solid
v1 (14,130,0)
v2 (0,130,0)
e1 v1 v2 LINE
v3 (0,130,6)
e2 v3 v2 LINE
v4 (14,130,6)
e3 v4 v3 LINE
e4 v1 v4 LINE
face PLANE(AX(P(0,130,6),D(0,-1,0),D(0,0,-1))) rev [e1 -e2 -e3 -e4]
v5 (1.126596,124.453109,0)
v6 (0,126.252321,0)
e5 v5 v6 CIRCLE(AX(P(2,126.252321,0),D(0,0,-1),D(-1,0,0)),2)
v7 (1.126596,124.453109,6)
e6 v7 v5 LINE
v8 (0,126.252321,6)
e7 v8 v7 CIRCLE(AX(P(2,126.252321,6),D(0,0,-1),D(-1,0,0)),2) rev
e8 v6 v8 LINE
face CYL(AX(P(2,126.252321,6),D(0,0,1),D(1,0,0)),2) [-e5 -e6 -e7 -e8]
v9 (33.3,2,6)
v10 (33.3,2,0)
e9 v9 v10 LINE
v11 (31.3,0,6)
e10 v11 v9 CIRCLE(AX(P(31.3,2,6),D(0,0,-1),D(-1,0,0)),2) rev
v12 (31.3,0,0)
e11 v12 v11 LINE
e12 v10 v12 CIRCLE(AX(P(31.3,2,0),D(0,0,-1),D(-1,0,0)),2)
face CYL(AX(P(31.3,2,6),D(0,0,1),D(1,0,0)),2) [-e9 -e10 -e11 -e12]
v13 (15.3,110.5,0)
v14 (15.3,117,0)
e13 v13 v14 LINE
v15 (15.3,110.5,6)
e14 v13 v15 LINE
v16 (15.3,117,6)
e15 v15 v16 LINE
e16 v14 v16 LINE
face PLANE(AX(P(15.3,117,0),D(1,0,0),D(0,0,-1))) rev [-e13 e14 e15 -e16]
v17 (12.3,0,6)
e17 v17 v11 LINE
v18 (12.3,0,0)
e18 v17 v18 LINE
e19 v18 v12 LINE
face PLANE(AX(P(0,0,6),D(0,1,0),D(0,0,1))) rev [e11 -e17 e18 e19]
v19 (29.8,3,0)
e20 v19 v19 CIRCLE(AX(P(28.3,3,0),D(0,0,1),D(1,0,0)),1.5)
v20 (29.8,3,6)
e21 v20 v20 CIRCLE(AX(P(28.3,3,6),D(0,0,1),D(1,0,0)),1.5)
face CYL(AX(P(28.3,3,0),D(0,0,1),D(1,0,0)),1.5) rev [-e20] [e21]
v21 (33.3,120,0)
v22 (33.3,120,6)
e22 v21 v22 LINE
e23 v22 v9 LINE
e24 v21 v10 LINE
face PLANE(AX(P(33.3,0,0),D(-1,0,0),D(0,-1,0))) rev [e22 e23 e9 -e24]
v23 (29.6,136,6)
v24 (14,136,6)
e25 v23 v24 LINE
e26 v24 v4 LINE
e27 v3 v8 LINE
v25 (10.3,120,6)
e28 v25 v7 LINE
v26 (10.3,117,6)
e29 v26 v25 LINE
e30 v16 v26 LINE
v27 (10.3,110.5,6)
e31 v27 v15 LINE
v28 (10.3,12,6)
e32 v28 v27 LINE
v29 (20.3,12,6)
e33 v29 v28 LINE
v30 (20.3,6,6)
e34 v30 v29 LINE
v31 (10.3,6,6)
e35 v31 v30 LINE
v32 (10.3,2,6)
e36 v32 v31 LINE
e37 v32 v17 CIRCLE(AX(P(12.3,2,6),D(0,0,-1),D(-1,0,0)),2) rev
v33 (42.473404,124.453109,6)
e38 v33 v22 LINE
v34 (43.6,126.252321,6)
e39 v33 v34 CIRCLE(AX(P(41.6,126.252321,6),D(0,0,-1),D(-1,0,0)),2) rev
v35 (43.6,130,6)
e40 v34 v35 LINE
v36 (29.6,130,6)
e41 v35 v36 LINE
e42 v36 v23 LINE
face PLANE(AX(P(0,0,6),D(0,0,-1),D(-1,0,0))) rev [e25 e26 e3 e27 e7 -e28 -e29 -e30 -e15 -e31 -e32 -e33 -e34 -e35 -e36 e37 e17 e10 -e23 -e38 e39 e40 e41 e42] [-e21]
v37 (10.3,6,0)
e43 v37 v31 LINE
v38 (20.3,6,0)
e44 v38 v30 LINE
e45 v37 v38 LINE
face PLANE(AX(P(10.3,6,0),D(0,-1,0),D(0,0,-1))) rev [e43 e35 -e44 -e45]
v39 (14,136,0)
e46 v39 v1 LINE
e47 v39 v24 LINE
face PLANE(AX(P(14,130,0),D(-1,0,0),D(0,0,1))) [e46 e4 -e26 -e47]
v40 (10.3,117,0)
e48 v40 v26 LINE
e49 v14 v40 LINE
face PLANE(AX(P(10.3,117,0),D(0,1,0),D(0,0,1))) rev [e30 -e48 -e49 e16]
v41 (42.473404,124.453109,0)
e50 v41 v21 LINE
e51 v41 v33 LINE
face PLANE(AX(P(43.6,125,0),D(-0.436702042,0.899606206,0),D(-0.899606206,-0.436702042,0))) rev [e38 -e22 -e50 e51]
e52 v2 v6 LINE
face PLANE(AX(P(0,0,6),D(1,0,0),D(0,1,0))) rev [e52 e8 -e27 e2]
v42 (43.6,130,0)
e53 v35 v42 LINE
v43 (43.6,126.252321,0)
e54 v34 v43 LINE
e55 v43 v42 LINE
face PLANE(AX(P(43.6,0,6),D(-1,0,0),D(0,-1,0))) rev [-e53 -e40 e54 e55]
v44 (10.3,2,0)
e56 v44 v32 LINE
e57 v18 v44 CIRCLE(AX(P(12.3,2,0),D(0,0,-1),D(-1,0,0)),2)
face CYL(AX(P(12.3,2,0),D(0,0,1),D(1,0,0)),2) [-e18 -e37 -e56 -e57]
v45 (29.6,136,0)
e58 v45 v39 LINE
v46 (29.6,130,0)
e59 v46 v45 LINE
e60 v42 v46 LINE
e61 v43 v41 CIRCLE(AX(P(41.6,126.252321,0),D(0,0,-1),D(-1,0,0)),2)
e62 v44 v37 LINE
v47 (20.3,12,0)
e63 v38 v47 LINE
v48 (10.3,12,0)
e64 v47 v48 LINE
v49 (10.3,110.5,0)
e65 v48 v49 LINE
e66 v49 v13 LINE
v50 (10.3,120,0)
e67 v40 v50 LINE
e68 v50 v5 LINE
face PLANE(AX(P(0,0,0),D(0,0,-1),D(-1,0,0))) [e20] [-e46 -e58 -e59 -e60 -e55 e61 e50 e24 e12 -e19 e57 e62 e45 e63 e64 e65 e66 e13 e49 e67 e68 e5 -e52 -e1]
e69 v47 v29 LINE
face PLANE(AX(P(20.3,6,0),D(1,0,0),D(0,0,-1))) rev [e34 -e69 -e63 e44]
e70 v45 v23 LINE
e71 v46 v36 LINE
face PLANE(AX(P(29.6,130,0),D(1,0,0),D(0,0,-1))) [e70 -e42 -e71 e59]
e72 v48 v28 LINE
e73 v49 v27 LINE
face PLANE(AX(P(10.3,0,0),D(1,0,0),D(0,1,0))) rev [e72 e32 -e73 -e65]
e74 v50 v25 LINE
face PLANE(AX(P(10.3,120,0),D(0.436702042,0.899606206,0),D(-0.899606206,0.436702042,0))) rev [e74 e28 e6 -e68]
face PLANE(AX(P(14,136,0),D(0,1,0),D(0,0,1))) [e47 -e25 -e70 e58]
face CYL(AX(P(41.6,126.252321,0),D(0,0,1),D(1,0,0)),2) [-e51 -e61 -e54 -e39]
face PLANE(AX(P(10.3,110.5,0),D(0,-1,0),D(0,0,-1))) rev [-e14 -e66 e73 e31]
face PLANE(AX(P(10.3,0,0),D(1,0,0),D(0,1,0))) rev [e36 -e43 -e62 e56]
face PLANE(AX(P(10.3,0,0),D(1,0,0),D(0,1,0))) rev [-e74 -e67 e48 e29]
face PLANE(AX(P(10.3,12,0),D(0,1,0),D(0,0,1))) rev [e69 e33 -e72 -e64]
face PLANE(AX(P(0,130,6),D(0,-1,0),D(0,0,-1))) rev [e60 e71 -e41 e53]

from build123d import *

# Parameters (mm, degrees)
ESQUISSE1_W             = 43.6
ESQUISSE1_H             = 130
BOSS_EXTRU_1_DEPTH      = 6
ENL_V_MAT_EXTRU_1_DEPTH = 6
ESQUISSE4_W             = 15.6
ESQUISSE4_H             = 6
BOSS_EXTRU_2_DEPTH      = 6
ESQUISSE6_W             = 10
ESQUISSE6_H             = 6
ESQUISSE6_W_2           = 5
ESQUISSE6_H_2           = 6.5
ENL_V_MAT_EXTRU_3_DEPTH = 6
CONG_8_R                = 2
CONG_9_R                = 2
ESQUISSE7_R             = 1.5
ENL_V_MAT_EXTRU_4_DEPTH = 6


with BuildPart() as part:
    # Esquisse1 → Boss.-Extru.1 (new body)
    with BuildSketch(Plane.XY):
        with Locations((21.8, 65)):
            Rectangle(ESQUISSE1_W, ESQUISSE1_H)
    extrude(amount=BOSS_EXTRU_1_DEPTH)

    # Esquisse2 → Enlèv. mat.-Extru.1 (cut)
    with BuildSketch(Plane.XY.offset(6)):
        Polygon((43.6, 0), (33.3, 0), (33.3, 120), (43.6, 125), align=None)
        Polygon((10.3, 120), (0, 125), (0, 0), (10.3, 0), align=None)
    extrude(amount=-ENL_V_MAT_EXTRU_1_DEPTH, mode=Mode.SUBTRACT)

    # Esquisse4 → Boss.-Extru.2 (add)
    with BuildSketch(Plane.XY.offset(6)):
        with Locations((21.8, 133)):
            Rectangle(ESQUISSE4_W, ESQUISSE4_H)
    extrude(amount=-BOSS_EXTRU_2_DEPTH)

    # Esquisse6 → Enlèv. mat.-Extru.3 (cut)
    with BuildSketch(Plane.XY.offset(6)):
        with Locations((15.3, 9)):
            Rectangle(ESQUISSE6_W, ESQUISSE6_H)
        with Locations((12.8, 113.75)):
            Rectangle(ESQUISSE6_W_2, ESQUISSE6_H_2)
    extrude(amount=-ENL_V_MAT_EXTRU_3_DEPTH, mode=Mode.SUBTRACT)

    # Congé8
    cong_8_edges = [part.edges().sort_by_distance(p)[0] for p in [
        (33.3, 0, 3),
        (10.3, 0, 3),
    ]]
    fillet(cong_8_edges, radius=CONG_8_R)

    # Congé9
    cong_9_edges = [part.edges().sort_by_distance(p)[0] for p in [
        (43.6, 125, 3),
        (0, 125, 3),
    ]]
    fillet(cong_9_edges, radius=CONG_9_R)

    # Esquisse7 → Enlèv. mat.-Extru.4 (cut)
    with BuildSketch(Plane.XY.offset(6)):
        with Locations((28.3, 3)):
            Circle(ESQUISSE7_R)
    extrude(amount=-ENL_V_MAT_EXTRU_4_DEPTH, mode=Mode.SUBTRACT)


solid = part.part
